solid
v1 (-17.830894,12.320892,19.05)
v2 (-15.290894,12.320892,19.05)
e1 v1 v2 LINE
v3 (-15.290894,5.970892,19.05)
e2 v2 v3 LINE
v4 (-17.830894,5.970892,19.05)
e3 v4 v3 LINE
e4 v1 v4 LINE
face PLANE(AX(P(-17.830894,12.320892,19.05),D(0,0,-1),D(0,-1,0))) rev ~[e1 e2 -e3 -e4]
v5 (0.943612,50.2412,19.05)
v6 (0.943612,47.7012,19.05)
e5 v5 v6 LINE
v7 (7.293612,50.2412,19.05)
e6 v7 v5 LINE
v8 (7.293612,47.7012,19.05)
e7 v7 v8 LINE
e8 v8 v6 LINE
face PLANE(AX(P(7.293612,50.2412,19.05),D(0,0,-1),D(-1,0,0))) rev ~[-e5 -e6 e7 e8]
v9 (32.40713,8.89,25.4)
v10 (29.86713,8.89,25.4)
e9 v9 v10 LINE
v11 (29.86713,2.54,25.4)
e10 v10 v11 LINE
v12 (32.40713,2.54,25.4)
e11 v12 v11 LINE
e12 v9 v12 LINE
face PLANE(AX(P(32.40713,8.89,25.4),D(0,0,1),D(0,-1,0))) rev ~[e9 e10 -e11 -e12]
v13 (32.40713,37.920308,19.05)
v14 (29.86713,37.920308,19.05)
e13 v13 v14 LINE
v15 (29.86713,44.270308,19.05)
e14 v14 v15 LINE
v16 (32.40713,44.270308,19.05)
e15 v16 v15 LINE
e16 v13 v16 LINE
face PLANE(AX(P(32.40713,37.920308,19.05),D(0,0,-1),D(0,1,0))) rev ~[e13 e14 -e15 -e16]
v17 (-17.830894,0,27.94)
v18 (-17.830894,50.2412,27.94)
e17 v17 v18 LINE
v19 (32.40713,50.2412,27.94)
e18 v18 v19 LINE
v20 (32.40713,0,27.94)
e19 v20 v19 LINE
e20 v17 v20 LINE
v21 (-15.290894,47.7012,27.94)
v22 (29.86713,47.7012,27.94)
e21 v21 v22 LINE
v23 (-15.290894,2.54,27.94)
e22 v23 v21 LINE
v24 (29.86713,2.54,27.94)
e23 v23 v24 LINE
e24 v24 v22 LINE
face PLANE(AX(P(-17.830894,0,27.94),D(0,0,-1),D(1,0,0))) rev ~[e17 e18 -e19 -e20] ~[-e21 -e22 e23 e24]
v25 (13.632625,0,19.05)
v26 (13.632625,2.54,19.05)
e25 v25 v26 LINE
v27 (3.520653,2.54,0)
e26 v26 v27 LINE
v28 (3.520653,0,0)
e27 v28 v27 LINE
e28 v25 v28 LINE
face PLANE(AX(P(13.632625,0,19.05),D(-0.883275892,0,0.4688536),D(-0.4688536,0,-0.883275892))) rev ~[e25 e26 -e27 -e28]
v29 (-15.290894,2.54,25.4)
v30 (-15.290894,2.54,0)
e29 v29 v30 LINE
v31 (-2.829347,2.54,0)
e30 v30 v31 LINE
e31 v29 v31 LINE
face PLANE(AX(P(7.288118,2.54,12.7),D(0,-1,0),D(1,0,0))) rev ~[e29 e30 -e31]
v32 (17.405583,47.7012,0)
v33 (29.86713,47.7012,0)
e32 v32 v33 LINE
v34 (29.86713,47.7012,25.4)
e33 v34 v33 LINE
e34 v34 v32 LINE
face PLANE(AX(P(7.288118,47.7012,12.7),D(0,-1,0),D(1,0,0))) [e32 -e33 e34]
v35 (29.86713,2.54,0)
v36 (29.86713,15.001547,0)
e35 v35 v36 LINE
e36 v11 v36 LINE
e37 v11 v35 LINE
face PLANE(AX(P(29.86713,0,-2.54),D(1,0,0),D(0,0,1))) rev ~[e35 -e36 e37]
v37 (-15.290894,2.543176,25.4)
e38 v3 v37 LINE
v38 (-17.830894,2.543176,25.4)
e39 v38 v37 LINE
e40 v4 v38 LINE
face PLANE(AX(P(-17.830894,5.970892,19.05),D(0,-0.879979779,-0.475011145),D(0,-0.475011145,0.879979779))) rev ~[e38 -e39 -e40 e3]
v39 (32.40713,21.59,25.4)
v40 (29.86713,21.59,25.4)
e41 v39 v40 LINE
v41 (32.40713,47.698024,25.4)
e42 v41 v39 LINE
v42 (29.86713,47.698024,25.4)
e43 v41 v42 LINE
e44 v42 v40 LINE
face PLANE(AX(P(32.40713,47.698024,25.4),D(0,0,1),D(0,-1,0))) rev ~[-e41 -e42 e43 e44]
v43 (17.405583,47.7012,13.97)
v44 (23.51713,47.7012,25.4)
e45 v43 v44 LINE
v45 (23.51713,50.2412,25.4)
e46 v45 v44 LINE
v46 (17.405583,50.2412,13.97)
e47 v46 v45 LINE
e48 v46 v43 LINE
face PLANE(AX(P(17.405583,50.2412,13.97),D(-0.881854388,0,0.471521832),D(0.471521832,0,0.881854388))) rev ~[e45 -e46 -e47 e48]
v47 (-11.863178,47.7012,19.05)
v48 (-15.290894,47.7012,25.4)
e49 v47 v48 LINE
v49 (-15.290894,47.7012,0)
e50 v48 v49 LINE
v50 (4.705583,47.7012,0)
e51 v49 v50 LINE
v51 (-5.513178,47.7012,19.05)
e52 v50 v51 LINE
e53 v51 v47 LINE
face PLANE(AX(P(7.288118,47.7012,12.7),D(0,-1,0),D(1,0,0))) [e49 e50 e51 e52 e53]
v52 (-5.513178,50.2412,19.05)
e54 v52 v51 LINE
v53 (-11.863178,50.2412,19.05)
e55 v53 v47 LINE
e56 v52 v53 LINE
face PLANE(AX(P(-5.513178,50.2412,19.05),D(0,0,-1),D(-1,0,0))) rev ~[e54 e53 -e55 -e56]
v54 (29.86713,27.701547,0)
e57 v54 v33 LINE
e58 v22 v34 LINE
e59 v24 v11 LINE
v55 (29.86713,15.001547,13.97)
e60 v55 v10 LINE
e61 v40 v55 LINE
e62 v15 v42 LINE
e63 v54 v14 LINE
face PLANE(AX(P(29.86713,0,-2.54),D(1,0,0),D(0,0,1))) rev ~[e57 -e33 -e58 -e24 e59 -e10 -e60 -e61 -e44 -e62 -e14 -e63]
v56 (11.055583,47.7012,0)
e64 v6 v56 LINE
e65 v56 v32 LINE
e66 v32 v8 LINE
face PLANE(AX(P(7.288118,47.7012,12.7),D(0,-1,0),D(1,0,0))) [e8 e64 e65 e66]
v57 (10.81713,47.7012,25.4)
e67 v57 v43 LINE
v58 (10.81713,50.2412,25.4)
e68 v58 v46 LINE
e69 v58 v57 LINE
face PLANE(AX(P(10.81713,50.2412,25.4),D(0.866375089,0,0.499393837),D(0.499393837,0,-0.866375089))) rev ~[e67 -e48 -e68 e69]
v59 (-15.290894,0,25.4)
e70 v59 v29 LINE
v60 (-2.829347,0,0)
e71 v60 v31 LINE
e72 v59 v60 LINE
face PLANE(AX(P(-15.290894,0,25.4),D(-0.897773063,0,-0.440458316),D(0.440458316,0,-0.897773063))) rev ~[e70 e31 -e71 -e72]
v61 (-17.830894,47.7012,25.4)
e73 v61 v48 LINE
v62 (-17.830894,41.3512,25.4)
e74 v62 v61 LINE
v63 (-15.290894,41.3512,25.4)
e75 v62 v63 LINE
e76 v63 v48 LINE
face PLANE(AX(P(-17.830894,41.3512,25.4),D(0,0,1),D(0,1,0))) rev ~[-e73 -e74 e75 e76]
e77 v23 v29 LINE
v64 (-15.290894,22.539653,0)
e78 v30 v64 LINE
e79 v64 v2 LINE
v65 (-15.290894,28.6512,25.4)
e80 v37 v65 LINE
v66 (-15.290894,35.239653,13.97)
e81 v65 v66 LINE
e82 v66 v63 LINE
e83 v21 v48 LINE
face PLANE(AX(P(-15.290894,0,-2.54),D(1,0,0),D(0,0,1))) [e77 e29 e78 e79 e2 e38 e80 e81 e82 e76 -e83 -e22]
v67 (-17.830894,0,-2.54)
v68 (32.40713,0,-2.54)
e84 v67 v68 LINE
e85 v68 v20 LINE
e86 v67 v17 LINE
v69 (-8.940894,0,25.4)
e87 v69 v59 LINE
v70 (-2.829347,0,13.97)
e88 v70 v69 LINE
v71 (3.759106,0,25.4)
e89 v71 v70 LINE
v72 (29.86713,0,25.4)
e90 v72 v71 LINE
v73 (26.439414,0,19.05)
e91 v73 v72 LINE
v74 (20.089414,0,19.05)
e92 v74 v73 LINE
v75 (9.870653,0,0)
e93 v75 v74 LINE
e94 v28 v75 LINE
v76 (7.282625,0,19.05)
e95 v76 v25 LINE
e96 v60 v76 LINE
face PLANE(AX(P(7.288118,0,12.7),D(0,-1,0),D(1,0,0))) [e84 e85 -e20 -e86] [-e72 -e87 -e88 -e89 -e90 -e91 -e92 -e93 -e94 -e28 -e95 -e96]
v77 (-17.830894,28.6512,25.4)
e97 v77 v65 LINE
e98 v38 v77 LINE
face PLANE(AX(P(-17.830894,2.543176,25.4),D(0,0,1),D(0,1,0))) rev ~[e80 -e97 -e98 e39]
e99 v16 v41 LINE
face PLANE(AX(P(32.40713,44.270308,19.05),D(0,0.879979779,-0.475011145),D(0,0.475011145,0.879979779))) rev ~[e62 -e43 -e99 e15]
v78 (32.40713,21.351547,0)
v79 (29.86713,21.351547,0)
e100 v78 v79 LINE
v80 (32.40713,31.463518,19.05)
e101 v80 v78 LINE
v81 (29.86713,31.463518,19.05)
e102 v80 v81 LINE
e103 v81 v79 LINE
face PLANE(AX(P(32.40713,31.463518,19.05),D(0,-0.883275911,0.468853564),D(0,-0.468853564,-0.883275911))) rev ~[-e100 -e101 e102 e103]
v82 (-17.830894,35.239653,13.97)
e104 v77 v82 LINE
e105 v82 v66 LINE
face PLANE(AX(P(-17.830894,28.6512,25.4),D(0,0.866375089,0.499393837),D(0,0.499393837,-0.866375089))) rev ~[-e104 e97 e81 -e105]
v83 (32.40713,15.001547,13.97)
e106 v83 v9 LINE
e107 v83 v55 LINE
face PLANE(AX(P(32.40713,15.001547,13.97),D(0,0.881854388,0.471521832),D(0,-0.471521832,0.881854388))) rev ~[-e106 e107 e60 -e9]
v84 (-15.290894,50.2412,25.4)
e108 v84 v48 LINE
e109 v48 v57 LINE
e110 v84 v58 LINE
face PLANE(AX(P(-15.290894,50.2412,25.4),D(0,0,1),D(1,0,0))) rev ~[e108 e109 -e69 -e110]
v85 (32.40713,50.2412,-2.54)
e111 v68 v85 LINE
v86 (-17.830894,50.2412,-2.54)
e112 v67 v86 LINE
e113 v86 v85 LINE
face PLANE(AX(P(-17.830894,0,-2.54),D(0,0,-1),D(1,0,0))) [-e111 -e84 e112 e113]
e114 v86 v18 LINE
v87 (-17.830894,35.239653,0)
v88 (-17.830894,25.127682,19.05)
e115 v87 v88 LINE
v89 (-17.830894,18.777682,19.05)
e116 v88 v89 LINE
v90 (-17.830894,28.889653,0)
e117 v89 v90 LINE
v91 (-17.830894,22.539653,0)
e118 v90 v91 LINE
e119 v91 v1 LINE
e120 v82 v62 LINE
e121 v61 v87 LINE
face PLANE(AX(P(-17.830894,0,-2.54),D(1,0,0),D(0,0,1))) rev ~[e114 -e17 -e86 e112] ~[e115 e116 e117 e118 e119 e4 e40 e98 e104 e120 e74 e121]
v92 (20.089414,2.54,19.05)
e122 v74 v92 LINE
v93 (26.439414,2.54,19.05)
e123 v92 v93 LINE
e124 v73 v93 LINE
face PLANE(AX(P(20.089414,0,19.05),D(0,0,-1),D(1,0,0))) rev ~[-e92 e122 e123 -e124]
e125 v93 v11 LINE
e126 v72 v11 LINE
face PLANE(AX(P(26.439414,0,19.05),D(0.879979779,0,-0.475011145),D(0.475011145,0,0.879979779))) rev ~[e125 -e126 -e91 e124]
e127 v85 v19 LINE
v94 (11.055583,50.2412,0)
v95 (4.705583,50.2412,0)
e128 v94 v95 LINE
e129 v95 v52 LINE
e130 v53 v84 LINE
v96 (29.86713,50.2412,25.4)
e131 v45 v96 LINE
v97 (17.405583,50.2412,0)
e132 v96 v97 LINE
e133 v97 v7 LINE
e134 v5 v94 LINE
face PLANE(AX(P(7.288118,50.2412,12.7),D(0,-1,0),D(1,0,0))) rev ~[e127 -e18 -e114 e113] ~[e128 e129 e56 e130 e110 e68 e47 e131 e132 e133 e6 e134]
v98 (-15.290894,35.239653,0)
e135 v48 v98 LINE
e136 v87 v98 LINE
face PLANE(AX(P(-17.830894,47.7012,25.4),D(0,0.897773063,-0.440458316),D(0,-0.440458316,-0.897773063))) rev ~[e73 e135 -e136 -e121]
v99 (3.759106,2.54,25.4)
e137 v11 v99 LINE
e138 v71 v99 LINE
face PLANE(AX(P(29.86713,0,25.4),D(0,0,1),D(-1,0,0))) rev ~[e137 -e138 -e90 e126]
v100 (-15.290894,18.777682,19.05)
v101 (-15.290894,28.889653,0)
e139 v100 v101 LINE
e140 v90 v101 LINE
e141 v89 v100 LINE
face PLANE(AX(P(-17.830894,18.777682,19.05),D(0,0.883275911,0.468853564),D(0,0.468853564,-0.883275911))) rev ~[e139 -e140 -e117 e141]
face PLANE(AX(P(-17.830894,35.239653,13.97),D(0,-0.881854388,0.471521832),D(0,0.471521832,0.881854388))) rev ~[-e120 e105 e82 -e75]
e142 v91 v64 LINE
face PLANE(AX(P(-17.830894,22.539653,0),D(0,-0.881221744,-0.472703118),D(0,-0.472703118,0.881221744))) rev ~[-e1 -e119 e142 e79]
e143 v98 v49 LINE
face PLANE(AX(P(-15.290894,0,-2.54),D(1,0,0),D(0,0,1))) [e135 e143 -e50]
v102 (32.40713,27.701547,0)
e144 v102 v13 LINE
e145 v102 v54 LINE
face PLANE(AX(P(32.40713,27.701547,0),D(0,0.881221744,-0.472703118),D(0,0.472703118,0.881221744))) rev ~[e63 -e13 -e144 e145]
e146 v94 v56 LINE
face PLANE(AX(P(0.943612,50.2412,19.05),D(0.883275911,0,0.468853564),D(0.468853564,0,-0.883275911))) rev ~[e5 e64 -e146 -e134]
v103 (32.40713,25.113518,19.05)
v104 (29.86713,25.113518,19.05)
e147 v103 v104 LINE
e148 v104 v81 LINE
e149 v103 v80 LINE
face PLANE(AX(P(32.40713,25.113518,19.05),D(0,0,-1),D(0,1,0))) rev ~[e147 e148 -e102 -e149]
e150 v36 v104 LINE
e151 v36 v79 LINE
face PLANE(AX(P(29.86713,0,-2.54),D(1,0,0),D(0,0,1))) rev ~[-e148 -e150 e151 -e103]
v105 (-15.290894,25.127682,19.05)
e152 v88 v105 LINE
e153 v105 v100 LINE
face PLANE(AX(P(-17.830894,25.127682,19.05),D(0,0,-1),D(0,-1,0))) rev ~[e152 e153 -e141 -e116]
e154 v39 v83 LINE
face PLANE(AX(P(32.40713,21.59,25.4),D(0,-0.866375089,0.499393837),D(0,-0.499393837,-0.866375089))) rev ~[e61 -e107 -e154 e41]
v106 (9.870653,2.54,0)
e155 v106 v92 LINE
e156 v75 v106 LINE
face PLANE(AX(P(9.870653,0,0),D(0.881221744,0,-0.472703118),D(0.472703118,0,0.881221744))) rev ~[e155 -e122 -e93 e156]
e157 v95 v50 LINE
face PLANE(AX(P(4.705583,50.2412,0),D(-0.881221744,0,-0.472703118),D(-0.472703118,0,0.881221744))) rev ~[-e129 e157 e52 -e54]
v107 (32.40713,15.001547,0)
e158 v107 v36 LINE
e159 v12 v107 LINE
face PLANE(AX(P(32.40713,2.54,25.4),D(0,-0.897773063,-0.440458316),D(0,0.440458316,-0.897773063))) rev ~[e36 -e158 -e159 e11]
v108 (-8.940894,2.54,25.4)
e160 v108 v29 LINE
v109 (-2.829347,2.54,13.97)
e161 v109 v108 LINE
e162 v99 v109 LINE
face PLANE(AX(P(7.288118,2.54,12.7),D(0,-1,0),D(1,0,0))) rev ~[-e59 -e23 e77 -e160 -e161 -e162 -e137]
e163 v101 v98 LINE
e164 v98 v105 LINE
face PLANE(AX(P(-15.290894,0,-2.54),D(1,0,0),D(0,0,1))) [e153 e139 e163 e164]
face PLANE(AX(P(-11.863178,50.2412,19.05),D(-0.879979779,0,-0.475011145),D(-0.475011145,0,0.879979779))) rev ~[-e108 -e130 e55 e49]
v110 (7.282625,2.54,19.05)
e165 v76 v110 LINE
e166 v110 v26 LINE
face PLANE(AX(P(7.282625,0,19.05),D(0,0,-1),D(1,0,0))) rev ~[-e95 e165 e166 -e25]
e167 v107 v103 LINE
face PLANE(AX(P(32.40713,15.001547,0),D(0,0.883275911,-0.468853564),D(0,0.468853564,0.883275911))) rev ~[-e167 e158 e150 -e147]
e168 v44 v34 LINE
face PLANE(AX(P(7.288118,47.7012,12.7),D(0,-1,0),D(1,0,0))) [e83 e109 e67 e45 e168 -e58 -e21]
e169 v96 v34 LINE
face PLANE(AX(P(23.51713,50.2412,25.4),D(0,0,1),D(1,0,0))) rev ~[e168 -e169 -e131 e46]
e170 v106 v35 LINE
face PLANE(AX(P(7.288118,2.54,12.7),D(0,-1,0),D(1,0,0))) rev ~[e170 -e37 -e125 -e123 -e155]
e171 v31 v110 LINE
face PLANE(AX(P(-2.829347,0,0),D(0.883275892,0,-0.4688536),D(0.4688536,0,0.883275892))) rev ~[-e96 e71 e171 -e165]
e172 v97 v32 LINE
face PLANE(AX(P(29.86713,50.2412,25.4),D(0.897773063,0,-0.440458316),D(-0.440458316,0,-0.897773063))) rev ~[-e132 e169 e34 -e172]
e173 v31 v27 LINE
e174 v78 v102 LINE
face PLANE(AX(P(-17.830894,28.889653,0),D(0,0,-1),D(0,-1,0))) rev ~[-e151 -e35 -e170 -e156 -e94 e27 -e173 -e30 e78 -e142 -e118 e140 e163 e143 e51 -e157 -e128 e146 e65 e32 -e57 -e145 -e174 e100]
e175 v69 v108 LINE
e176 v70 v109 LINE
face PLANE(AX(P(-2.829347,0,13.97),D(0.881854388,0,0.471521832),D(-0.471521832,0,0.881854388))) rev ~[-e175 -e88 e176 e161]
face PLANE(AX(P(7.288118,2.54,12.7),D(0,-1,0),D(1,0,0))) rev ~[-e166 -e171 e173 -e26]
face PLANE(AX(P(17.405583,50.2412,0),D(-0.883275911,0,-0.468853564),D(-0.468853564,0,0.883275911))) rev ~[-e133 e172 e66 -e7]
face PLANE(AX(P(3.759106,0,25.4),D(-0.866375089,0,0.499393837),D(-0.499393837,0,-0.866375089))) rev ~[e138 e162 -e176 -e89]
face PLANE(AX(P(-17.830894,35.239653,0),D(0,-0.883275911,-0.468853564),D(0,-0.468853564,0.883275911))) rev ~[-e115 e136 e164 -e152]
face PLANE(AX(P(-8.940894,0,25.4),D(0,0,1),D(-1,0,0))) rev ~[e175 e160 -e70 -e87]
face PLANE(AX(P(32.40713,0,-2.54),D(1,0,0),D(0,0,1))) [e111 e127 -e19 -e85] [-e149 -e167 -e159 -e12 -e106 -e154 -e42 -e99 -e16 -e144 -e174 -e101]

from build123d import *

# Parameters (mm, degrees)
F1_W      = 50.238024
F1_H      = 30.48
F2_DEPTH  = 50.2412
F4_T      = -2.54
F7_DEPTH  = 2.54
F8_DEPTH  = 2.54
F9_DEPTH  = 2.54
F10_DEPTH = 2.54


with BuildPart() as f2:
    # F1 (on Front) → F2 (new body)
    with BuildSketch(Plane.XZ):
        with Locations((7.288118, 12.7)):
            Rectangle(F1_W, F1_H)
    extrude(amount=-F2_DEPTH)

    # F4
    f4_openings = [f2.faces().sort_by_distance(p)[0] for p in [
        (7.288118, 25.1206, 27.94),
    ]]
    offset(amount=F4_T, openings=f4_openings)

    # F0 (on Front) → F7 (cut)
    with BuildSketch(Plane.XZ):
        Polygon((-8.940894, 25.4), (-15.290894, 25.4), (-2.829347, 0), (7.282625, 19.05), (13.632625, 19.05), (3.520653, 0), (9.870653, 0), (20.089414, 19.05), (26.439414, 19.05), (29.86713, 25.4), (3.759106, 25.4), (-2.829347, 13.97), align=None)
    extrude(amount=-F7_DEPTH, mode=Mode.SUBTRACT)

    # F6 (on face) → F8 (cut)
    with BuildSketch(Plane(origin=(-17.830894, 0, 0), x_dir=(0, -1, 0), z_dir=(-1, 0, 0))):
        Polygon((-41.3512, 25.4), (-47.7012, 25.4), (-35.239653, 0), (-25.127682, 19.05), (-18.777682, 19.05), (-28.889653, 0), (-22.539653, 0), (-12.320892, 19.05), (-5.970892, 19.05), (-2.543176, 25.4), (-28.6512, 25.4), (-35.239653, 13.97), align=None)
    extrude(amount=-F8_DEPTH, mode=Mode.SUBTRACT)

    # F5 (on face) → F9 (cut)
    with BuildSketch(Plane(origin=(0, 50.2412, 0), x_dir=(-1, 0, 0), z_dir=(0, 1, 0))):
        Polygon((-23.51713, 25.4), (-29.86713, 25.4), (-17.405583, 0), (-7.293612, 19.05), (-0.943612, 19.05), (-11.055583, 0), (-4.705583, 0), (5.513178, 19.05), (11.863178, 19.05), (15.290894, 25.4), (-10.81713, 25.4), (-17.405583, 13.97), align=None)
    extrude(amount=-F9_DEPTH, mode=Mode.SUBTRACT)

    # F3 (on face) → F10 (cut)
    with BuildSketch(Plane.YZ.offset(32.40713)):
        Polygon((8.89, 25.4), (2.54, 25.4), (15.001547, 0), (25.113518, 19.05), (31.463518, 19.05), (21.351547, 0), (27.701547, 0), (37.920308, 19.05), (44.270308, 19.05), (47.698024, 25.4), (21.59, 25.4), (15.001547, 13.97), align=None)
    extrude(amount=-F10_DEPTH, mode=Mode.SUBTRACT)


solid = f2.part
